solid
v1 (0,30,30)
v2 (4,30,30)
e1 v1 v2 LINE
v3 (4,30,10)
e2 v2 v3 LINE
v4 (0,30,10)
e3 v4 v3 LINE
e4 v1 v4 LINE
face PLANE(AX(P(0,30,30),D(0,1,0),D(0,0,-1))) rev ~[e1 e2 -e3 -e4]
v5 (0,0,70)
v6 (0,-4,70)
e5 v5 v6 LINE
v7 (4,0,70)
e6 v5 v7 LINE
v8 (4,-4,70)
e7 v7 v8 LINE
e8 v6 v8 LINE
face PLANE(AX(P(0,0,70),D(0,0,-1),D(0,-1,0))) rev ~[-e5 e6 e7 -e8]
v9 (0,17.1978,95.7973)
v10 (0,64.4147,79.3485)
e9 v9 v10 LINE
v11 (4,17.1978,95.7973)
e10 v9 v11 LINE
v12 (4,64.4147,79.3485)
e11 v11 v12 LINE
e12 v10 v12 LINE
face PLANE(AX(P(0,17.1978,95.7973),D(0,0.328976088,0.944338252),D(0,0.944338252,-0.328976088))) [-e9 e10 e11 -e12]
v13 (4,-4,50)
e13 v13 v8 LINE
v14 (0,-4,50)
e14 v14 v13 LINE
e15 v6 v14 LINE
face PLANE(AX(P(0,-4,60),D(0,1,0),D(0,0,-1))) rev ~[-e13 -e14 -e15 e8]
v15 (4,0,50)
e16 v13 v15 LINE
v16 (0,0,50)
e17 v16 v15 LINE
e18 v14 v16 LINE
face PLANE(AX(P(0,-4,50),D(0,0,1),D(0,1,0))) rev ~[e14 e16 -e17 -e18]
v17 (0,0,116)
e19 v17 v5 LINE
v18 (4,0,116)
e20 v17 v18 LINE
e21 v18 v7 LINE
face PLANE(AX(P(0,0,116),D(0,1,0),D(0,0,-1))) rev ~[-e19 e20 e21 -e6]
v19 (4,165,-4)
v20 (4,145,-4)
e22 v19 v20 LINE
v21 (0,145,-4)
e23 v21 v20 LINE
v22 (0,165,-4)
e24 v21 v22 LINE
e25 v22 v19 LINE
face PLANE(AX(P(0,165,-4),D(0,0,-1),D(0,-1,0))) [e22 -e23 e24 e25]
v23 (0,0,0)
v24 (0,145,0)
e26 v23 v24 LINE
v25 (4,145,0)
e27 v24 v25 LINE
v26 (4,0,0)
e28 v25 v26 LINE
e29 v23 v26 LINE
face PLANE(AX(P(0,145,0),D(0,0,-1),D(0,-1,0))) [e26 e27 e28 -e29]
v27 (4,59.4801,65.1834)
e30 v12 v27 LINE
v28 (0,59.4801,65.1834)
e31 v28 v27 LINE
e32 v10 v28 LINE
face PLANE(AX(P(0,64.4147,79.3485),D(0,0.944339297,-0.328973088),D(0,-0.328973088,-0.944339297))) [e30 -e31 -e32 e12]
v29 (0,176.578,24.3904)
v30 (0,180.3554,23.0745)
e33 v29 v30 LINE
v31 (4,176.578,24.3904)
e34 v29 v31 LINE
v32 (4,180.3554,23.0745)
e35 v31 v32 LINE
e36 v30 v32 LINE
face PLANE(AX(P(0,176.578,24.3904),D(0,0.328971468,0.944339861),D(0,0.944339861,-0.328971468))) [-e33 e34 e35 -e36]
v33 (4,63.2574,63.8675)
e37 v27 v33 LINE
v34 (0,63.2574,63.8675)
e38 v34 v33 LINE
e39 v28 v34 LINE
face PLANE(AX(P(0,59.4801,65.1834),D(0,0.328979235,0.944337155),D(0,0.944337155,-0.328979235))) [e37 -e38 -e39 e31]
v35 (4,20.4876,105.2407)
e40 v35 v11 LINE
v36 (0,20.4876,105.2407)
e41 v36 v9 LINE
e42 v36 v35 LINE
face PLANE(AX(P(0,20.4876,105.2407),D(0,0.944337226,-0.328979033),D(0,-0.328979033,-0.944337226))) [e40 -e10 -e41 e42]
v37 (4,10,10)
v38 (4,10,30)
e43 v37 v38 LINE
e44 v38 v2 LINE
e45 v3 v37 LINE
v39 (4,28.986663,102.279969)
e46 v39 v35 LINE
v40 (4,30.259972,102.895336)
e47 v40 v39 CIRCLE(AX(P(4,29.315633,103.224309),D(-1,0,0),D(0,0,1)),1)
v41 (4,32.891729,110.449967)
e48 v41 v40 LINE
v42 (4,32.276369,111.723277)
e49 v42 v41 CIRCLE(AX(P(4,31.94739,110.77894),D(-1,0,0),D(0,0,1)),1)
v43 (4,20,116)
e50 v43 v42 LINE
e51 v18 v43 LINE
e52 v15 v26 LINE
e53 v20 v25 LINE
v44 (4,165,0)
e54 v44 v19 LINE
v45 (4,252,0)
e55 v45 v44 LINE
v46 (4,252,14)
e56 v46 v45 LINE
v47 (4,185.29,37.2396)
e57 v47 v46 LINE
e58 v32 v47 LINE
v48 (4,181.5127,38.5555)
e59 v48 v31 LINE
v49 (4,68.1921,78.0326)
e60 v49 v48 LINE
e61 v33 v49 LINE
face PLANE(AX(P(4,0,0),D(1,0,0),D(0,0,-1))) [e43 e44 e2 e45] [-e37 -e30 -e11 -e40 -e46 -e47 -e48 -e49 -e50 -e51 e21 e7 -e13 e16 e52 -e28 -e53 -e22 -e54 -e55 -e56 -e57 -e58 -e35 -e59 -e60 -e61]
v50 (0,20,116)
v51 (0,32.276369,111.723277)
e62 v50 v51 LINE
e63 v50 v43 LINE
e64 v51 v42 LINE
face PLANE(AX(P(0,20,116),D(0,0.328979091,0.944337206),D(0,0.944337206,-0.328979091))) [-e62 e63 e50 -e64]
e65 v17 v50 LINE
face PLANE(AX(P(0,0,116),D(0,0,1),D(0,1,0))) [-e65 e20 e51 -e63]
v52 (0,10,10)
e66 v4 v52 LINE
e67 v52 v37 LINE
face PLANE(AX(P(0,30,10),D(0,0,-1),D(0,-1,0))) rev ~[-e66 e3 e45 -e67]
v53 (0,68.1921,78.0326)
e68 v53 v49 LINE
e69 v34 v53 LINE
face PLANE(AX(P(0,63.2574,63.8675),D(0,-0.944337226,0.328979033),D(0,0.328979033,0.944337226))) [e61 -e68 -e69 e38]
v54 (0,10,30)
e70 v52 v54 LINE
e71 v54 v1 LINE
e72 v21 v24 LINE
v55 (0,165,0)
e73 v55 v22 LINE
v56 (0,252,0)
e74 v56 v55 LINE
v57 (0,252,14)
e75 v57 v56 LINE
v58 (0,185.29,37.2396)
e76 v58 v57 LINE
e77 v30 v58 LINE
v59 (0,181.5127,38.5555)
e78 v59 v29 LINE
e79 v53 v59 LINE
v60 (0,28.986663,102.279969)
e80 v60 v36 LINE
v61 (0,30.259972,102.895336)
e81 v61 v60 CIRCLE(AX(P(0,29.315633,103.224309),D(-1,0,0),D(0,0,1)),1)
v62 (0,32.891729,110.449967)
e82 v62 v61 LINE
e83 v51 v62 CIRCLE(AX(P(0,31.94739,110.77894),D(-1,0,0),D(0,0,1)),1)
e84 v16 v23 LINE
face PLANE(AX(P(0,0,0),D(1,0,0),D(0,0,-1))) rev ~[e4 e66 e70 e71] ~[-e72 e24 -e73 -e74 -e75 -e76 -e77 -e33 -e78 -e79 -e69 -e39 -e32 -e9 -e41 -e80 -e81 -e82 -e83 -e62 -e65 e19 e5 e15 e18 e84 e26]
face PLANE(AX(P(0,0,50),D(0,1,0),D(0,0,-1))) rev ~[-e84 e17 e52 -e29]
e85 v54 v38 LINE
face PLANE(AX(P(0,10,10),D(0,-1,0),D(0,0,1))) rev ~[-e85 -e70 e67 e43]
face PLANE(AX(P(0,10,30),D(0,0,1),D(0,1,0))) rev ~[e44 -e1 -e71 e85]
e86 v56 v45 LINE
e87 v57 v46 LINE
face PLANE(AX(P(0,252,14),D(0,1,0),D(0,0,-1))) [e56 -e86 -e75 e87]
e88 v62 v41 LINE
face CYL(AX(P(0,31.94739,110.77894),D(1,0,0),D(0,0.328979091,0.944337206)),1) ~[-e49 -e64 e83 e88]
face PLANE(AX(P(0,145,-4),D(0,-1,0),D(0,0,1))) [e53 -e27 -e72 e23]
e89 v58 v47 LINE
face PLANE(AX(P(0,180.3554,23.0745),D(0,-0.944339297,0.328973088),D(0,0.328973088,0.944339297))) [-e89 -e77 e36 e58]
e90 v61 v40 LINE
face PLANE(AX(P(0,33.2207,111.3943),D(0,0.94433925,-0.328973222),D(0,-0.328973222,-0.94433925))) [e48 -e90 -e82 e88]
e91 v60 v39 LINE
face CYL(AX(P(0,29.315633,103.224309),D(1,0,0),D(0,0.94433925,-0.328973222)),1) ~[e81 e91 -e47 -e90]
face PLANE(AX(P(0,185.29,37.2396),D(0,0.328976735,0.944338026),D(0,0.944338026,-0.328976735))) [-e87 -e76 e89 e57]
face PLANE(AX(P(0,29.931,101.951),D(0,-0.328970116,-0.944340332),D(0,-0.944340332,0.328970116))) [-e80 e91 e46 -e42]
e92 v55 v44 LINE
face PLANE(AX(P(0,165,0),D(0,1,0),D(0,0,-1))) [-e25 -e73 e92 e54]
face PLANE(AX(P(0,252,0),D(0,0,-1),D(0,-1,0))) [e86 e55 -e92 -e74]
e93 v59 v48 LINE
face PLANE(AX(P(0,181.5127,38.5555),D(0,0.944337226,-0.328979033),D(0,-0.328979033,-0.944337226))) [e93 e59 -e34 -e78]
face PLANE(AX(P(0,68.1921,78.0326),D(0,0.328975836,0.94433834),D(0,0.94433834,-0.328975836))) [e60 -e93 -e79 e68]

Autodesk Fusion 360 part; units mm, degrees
sketch "スケッチ1" plane through (0, 0, 0) normal (1, 0, 0) x (0, 0, -1)
  line L0 (-116, 0) -> (-116, 20)
  line L1 (-116, 20) -> (-111.3943, 33.2207)
  line L2 (-111.3943, 33.2207) -> (-101.951, 29.931)
  line L3 (-101.951, 29.931) -> (-105.2407, 20.4876)
  line L4 (-105.2407, 20.4876) -> (-95.7973, 17.1978)
  line L5 (-14, 252) -> (0, 252)
  line L6 (-95.7973, 17.1978) -> (-79.3485, 64.4147)
  line L7 (-79.3485, 64.4147) -> (-65.1834, 59.4801)
  line L8 (-65.1834, 59.4801) -> (-63.8675, 63.2574)
  line L9 (-63.8675, 63.2574) -> (-78.0326, 68.1921)
  line L10 (-78.0326, 68.1921) -> (-38.5555, 181.5127)
  line L11 (-38.5555, 181.5127) -> (-24.3904, 176.578)
  line L12 (-24.3904, 176.578) -> (-23.0745, 180.3554)
  line L13 (-23.0745, 180.3554) -> (-37.2396, 185.29)
  line L14 (-37.2396, 185.29) -> (-14, 252)
  line L15 (-116, 0) -> (-70, 0)
  line L16 (-70, 0) -> (-70, -4)
  line L17 (-70, -4) -> (-50, -4)
  line L18 (-50, -4) -> (-50, 0)
  line L19 (-50, 0) -> (0, 0)
  line L20 (0, 252) -> (0, 165)
  line L21 (0, 165) -> (4, 165)
  line L22 (4, 165) -> (4, 145)
  line L23 (4, 145) -> (0, 145)
  line L24 (0, 145) -> (0, 0)
  line L25 (4, 155) -> (-13.5, 155)
  line L26 (-60, -4) -> (-60, 13.5)
  line L27 (-64.1481, 77.6509) -> (-33.5533, 165.4743)
  line L28 (-10, 10) -> (-30, 10)
  line L29 (-30, 10) -> (-30, 30)
  line L30 (-30, 30) -> (-10, 30)
  line L31 (-10, 30) -> (-10, 10)
  dimension "d1" = 116
  dimension "d2" = 20
  dimension "d3" = 14
  dimension "d4" = 10
  dimension "d5" = 10
  dimension "d6" = 10
  dimension "d9" = 14
  dimension "d11" = 252
  dimension "d12" = 248.642
  dimension "d13" = 4
  dimension "d14" = 4
  dimension "d15" = 120
  dimension "d16" = 50
  dimension "d17" = 15
  dimension "d18" = 20
  dimension "d19" = 4
  dimension "d20" = 50
  dimension "d21" = 4
  dimension "d22" = 20
  dimension "d23" = 145
  dimension "d24" = 17.5
  dimension "d25" = 17.5
  dimension "d31" = 10
  dimension "d32" = 13.5
  dimension "d33" = 13.5
  dimension "d36" = 10
  dimension "d37" = 20
  dimension "d38" = 20
  dimension "d39" = 10
extrude "押し出し1" add sketch "スケッチ1" along normal blind 4
hole "穴1" at (0, 0, 0) at (0, 13.5, 60) at (0, 0, 0) at (0, 165.4743, 33.5533) direction (-1, 0, 0) diameter 3.2 end through all
fillet "フィレット1" radius 1 2 edges at (2, 29.931, 101.951) (2, 33.2207, 111.3943)
